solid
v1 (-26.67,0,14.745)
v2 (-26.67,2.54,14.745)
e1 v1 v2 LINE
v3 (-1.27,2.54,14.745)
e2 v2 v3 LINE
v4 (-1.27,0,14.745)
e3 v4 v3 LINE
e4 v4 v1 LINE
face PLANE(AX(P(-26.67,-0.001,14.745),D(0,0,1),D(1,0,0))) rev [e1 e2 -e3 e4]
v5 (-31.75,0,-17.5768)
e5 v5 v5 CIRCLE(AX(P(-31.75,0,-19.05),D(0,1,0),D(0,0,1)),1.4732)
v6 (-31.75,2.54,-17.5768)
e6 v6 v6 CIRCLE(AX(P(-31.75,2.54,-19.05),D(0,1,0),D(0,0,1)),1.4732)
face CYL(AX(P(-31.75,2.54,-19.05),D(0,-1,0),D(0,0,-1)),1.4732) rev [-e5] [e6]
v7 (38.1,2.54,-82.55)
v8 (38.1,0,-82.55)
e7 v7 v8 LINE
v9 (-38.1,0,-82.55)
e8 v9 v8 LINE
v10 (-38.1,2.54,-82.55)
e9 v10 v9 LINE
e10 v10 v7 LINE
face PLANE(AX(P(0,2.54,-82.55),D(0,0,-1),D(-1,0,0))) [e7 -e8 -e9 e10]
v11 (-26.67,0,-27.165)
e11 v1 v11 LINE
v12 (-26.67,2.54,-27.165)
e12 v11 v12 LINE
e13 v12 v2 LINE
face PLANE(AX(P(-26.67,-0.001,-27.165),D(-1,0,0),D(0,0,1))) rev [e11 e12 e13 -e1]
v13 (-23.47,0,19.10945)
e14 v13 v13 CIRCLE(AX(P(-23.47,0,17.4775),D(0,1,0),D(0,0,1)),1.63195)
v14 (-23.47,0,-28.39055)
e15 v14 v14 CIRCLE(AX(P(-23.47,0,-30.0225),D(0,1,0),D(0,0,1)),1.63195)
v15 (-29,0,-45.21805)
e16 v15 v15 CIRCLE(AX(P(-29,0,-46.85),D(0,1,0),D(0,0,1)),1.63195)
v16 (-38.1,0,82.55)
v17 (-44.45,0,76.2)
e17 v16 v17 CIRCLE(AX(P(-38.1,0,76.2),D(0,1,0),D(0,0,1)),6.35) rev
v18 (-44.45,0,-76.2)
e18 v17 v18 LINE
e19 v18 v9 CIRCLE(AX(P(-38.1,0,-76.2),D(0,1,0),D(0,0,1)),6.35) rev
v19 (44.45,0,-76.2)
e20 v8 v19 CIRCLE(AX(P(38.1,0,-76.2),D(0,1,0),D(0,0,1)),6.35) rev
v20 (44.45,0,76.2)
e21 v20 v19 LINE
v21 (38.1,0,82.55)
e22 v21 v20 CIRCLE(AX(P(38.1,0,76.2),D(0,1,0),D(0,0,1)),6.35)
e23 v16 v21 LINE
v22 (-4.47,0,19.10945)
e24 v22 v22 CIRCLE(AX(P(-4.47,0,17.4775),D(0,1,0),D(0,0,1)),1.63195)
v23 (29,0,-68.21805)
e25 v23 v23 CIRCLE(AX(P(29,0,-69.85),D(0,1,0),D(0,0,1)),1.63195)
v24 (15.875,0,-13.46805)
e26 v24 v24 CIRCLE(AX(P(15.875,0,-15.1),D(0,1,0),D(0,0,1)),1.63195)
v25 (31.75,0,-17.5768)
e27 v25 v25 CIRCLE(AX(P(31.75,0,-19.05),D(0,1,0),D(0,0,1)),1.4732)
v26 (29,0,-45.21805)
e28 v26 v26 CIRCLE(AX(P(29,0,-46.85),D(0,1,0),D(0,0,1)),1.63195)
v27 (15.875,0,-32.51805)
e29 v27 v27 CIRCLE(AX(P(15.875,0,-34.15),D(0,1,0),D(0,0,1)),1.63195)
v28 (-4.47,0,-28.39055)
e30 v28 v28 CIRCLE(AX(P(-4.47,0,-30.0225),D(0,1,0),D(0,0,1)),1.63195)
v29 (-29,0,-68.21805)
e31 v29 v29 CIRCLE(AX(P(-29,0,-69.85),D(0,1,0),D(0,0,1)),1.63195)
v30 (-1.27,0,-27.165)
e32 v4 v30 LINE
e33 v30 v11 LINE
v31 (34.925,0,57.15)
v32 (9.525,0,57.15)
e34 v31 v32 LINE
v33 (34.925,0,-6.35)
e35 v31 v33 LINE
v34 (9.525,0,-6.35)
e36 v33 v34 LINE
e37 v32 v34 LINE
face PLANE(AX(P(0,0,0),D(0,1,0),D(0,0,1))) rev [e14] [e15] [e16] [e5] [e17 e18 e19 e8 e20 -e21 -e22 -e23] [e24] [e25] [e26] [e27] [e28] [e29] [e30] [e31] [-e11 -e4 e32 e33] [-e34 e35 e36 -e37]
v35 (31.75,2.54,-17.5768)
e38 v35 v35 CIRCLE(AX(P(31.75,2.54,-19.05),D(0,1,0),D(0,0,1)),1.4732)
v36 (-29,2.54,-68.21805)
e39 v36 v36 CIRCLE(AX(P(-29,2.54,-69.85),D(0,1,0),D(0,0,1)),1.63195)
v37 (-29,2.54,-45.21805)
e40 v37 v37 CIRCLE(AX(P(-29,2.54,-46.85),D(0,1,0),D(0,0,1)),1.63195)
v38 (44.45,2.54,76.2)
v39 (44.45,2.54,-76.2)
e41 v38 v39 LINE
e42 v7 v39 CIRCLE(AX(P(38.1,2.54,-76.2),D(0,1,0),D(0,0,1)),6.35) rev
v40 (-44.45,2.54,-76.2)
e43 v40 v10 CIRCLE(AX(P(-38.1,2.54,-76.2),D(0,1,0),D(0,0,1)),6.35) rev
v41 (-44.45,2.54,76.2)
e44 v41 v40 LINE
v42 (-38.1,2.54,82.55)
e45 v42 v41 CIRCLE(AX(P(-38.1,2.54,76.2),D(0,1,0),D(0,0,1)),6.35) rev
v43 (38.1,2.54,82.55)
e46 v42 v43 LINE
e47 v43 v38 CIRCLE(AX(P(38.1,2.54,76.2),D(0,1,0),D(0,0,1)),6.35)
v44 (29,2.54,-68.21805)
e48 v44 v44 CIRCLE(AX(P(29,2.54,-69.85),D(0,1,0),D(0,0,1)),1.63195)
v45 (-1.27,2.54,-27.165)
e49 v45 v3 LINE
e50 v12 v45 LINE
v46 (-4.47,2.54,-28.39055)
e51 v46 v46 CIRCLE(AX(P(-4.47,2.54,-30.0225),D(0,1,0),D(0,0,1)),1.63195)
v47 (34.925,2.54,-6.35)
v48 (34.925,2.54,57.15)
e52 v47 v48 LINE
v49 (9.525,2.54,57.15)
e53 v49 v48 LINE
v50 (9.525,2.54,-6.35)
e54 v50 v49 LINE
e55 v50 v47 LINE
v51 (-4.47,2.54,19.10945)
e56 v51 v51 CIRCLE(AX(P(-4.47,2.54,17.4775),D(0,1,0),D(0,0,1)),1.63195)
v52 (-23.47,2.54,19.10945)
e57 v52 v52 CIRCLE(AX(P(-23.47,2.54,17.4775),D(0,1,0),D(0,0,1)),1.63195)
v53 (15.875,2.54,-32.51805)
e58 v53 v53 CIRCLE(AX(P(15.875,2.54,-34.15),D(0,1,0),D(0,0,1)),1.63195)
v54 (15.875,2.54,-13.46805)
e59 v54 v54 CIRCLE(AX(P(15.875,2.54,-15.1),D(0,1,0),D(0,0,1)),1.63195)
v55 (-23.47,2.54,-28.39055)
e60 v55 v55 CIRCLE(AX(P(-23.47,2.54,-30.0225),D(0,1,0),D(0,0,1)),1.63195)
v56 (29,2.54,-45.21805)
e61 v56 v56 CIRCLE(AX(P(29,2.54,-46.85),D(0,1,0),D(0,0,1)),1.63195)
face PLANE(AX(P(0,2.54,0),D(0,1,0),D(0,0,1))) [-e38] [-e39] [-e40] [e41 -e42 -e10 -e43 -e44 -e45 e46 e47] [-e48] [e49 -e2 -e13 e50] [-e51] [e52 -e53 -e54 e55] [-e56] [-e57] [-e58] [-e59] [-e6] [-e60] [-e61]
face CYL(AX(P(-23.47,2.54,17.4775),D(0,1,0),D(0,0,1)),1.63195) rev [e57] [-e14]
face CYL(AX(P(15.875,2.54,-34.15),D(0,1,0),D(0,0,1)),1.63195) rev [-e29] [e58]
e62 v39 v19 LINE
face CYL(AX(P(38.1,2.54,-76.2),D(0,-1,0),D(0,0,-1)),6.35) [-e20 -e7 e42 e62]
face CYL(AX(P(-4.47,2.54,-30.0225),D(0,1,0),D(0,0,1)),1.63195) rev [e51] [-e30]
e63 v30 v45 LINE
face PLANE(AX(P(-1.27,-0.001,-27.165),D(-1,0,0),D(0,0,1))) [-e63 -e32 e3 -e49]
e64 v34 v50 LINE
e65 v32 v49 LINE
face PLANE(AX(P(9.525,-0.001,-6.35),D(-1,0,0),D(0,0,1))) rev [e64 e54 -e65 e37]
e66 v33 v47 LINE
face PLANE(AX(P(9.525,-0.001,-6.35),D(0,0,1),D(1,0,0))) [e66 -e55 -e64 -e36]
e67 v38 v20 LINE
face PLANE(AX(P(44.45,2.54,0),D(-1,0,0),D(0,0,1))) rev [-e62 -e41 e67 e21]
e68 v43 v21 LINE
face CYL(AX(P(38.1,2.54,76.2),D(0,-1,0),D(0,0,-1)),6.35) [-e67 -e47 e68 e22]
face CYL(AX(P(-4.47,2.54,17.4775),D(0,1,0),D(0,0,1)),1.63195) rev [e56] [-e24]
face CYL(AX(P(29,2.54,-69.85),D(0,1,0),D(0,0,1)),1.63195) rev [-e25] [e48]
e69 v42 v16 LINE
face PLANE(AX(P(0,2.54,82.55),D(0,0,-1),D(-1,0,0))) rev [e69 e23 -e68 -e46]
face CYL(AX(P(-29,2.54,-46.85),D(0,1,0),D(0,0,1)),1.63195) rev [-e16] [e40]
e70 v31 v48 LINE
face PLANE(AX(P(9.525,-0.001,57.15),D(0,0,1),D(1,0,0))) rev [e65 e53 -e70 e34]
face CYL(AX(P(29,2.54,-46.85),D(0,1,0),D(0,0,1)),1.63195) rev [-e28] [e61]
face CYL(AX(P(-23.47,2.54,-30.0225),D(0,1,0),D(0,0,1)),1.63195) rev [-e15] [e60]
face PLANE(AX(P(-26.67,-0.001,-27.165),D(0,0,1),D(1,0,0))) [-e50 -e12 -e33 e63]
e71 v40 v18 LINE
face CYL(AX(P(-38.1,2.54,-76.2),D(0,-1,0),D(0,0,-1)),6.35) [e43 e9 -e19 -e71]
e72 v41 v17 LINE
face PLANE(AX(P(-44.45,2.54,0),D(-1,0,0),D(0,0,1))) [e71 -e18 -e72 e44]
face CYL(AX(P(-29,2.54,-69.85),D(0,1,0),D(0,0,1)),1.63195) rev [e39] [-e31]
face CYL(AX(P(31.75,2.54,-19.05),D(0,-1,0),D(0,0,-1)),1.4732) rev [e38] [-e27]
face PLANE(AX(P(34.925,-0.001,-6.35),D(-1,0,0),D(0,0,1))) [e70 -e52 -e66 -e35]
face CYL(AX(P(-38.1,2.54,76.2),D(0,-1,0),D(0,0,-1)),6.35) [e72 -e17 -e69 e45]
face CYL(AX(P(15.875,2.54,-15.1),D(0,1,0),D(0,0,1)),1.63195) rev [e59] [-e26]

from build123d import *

# Parameters (mm, degrees)
SKETCH1_R             = 1.4732
BOSS_EXTRUDE1_DEPTH   = 2.54
F_4_CLEARANCE_HOLE1_D = 3.2639
CUT_EXTRUDE1_REACH    = 95.791
SKETCH4_W             = 25.4
SKETCH4_H             = 63.5
SKETCH4_H_2           = 41.91


with BuildPart() as part:
    # Sketch1 → Boss-Extrude1 (new body)
    with BuildSketch(Plane(origin=(0, 0, 0), x_dir=(1, 0, 0), z_dir=(0, 1, 0))):
        with BuildLine():
            ThreePointArc((-44.45, 76.2), (-42.590128061, 80.690128061), (-38.1, 82.55))
            Line((-38.1, 82.55), (38.1, 82.55))
            ThreePointArc((38.1, 82.55), (42.590128061, 80.690128061), (44.45, 76.2))
            Line((44.45, 76.2), (44.45, -76.2))
            ThreePointArc((44.45, -76.2), (42.590128061, -80.690128061), (38.1, -82.55))
            Line((38.1, -82.55), (-38.1, -82.55))
            ThreePointArc((-38.1, -82.55), (-42.590128061, -80.690128061), (-44.45, -76.2))
            Line((-44.45, -76.2), (-44.45, 76.2))
        make_face()
        with Locations(Location((31.75, 19.05, 0), (0, 0, 270))):
            Circle(SKETCH1_R, mode=Mode.SUBTRACT)
        with Locations(Location((-31.75, 19.05, 0), (0, 0, 270))):
            Circle(SKETCH1_R, mode=Mode.SUBTRACT)
    extrude(amount=BOSS_EXTRUDE1_DEPTH)

    # #4 Clearance Hole1 (through all)
    with Locations(Plane(origin=(-29, 2.54, -69.85), x_dir=(0, 0, 1), z_dir=(0, 1, 0))):
        with Locations((0, 0), (0, 58), (23, 58), (23, 0), (39.8275, 5.53), (39.8275, 24.53), (87.3275, 24.53), (87.3275, 5.53), (35.7, 44.875), (54.75, 44.875)):
            Hole(F_4_CLEARANCE_HOLE1_D / 2)

    # Sketch4 → Cut-Extrude1 (cut, up to next)
    with BuildSketch(Plane(origin=(0, 2.54, 0), x_dir=(1, 0, 0), z_dir=(0, 1, 0)), mode=Mode.PRIVATE) as cut_extrude1_sk1:
        with Locations((22.225, -25.4)):
            Rectangle(SKETCH4_W, SKETCH4_H)
    cut_extrude1_tool1 = extrude(cut_extrude1_sk1.sketch, amount=-CUT_EXTRUDE1_REACH, mode=Mode.PRIVATE) & part.part
    # Sketch4 → Cut-Extrude1 (cut, up to next)
    with BuildSketch(Plane(origin=(0, 2.54, 0), x_dir=(1, 0, 0), z_dir=(0, 1, 0)), mode=Mode.PRIVATE) as cut_extrude1_sk2:
        with Locations((-13.97, 6.21)):
            Rectangle(SKETCH4_W, SKETCH4_H_2)
    cut_extrude1_tool2 = extrude(cut_extrude1_sk2.sketch, amount=-CUT_EXTRUDE1_REACH, mode=Mode.PRIVATE) & part.part
    add(cut_extrude1_tool1.solids().sort_by_distance((22.225, 2.54, 25.4))[0], mode=Mode.SUBTRACT)
    add(cut_extrude1_tool2.solids().sort_by_distance((-13.97, 2.54, -6.21))[0], mode=Mode.SUBTRACT)


solid = part.part
